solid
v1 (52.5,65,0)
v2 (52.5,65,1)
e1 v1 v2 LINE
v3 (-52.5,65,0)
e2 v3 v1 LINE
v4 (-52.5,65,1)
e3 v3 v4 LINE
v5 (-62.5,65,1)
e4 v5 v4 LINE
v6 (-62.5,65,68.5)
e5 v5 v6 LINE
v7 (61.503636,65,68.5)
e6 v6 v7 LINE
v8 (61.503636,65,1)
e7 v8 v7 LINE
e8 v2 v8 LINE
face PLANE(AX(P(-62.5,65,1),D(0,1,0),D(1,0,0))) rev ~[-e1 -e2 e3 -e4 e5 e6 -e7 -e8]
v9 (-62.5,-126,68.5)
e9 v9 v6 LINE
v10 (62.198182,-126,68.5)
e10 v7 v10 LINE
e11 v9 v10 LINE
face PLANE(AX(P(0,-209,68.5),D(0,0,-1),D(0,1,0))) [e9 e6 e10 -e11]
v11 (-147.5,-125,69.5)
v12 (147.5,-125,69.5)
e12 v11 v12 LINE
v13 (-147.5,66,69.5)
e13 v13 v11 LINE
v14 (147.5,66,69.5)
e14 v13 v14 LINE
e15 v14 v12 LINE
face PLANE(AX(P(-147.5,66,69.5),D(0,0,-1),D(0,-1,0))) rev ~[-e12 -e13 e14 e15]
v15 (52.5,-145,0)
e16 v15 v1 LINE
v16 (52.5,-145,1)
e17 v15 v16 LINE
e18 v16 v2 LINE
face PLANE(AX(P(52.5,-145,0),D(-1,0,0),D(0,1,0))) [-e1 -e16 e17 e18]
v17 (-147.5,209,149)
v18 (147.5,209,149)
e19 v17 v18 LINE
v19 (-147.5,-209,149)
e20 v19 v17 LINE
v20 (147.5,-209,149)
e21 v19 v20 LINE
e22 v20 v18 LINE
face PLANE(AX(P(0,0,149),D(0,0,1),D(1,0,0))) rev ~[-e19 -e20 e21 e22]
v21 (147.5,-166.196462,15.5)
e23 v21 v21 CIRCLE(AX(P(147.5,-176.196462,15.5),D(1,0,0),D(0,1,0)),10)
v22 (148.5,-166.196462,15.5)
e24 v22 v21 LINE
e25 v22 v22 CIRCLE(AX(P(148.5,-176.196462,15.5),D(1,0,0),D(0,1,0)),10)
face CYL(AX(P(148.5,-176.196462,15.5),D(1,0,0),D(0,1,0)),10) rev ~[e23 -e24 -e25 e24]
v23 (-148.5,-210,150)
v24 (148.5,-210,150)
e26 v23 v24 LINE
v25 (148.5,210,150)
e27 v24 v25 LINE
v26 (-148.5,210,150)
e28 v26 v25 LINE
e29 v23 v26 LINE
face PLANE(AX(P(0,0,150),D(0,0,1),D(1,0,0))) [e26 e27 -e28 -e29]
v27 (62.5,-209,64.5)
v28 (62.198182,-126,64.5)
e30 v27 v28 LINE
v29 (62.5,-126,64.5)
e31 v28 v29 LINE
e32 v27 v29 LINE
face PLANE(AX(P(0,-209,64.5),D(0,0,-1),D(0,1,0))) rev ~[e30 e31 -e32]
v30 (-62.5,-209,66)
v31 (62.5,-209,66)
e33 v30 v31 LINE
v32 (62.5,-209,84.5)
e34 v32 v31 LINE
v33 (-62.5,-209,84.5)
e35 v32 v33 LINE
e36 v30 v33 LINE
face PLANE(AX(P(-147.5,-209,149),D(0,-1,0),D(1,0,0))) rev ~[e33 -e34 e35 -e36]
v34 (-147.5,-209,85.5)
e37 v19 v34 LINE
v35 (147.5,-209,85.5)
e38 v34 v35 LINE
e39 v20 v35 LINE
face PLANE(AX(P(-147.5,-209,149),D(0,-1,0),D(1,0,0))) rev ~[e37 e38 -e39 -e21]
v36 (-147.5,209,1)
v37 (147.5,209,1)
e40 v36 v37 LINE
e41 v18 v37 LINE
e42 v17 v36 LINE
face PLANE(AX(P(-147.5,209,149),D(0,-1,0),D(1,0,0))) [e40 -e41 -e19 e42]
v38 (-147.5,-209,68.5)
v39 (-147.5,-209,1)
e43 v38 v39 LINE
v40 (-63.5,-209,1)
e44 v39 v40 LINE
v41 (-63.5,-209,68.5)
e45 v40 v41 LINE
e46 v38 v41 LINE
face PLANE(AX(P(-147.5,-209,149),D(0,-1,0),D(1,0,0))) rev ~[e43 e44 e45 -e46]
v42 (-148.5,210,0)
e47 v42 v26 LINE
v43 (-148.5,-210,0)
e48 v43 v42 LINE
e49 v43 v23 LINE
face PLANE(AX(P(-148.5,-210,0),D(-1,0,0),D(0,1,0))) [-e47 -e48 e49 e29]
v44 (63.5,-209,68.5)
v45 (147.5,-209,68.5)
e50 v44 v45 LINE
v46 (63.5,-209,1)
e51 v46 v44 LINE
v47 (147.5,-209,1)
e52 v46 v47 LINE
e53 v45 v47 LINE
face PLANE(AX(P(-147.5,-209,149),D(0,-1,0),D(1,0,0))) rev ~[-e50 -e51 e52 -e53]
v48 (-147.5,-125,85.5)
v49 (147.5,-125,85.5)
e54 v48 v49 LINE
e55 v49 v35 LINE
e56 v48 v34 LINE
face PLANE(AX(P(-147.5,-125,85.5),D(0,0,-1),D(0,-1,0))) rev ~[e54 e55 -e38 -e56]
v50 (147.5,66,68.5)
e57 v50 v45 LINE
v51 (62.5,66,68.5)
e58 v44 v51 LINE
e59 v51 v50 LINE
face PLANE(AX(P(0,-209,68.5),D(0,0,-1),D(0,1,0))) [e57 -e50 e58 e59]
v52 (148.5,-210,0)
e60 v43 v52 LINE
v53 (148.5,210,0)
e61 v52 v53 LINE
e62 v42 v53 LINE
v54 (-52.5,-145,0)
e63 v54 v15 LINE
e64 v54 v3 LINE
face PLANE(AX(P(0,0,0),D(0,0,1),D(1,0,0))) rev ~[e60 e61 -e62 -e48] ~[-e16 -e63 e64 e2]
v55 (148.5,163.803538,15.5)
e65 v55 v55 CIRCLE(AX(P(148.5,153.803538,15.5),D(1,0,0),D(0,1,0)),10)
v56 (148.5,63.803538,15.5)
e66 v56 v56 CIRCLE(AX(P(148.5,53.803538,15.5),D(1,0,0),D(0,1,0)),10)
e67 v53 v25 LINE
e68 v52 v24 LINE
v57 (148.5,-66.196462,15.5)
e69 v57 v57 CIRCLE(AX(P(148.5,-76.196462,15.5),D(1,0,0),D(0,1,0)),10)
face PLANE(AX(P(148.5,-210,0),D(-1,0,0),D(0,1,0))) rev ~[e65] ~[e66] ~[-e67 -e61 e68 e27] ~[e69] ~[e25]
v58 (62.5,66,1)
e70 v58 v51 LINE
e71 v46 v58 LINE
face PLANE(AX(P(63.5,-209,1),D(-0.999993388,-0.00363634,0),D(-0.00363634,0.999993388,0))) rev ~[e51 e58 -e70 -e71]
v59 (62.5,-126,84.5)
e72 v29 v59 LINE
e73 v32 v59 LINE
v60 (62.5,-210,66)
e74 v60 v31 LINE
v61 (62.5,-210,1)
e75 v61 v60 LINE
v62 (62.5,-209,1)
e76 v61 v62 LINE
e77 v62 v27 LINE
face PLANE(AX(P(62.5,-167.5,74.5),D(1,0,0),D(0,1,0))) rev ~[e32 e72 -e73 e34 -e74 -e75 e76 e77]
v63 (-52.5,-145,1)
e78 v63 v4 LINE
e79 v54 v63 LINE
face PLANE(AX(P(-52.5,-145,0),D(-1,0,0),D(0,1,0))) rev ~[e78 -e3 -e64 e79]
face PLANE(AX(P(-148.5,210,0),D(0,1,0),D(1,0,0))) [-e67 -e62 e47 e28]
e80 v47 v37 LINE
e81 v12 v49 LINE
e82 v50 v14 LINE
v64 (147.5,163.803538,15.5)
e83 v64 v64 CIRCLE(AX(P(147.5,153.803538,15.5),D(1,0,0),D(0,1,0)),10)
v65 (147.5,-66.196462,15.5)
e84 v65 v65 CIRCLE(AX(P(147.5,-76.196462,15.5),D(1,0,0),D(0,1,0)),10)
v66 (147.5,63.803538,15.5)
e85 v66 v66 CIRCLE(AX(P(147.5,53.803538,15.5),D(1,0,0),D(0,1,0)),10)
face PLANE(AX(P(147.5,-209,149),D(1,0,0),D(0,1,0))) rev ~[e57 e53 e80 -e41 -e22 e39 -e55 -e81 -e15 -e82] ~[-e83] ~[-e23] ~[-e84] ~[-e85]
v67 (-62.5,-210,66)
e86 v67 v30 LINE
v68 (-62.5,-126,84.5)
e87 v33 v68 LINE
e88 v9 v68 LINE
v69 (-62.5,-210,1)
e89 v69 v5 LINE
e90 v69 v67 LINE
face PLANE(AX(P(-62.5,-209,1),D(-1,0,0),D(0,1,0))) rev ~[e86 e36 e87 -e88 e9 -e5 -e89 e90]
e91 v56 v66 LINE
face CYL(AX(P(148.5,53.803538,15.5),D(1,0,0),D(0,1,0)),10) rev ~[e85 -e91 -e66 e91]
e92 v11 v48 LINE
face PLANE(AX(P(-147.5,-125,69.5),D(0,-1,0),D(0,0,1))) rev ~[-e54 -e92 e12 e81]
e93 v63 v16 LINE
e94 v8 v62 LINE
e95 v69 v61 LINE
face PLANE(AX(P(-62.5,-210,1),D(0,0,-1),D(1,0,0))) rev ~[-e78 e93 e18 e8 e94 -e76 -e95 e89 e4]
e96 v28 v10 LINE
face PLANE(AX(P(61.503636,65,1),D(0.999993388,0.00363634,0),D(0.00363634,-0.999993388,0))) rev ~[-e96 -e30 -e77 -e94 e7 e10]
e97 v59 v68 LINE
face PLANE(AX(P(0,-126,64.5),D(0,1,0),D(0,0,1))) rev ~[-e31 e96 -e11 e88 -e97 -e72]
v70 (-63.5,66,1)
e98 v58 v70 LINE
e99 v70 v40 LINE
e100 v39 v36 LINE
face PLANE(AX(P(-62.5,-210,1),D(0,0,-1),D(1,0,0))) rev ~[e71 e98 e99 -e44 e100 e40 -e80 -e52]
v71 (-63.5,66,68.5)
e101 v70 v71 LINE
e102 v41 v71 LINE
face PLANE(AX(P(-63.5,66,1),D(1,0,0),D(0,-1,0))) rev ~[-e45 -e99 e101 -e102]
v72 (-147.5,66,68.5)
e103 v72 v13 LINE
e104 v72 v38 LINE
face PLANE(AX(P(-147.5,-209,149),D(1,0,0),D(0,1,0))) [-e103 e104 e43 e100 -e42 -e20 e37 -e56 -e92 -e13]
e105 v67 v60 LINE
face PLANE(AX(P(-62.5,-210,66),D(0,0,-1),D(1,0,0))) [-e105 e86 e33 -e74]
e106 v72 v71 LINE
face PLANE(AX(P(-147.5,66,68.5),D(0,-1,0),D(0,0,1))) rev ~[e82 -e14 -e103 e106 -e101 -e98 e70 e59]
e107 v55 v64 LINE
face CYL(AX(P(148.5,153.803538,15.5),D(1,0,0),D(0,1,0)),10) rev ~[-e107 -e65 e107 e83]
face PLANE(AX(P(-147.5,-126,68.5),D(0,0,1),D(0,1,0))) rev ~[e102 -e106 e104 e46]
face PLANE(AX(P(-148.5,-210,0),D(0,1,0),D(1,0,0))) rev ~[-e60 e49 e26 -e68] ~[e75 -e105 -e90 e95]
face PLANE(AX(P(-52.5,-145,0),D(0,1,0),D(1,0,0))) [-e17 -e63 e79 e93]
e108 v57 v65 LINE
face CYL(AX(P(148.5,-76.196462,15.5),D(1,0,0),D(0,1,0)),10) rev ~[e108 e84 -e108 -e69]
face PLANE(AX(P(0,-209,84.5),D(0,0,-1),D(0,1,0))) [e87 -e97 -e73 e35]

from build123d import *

# Parameters (mm, degrees)
F0_W      = 297
F0_H      = 420
F1_DEPTH  = 150
F3_START  = -1
F2_W      = 295
F2_H      = 418
F3_DEPTH  = 148
F4_W      = 125
F4_H      = 65
F5_DEPTH  = 25
F6_W      = 105
F6_H      = 210
F7_DEPTH  = 25
F9_DEPTH  = 67.5
F11_DEPTH = 295
F12_W     = 83
F12_H     = 1
F13_DEPTH = 148.5
F15_W     = 83
F15_H     = 15.0031849133
F16_DEPTH = 295
F14_W     = 83
F14_H     = 20
F17_DEPTH = 62.5
F18_R     = 10
F19_DEPTH = 7.5


with BuildPart() as f1:
    # F0 (on Top) → F1 (new body)
    with BuildSketch(Plane.XY):
        Rectangle(F0_W, F0_H)
    extrude(amount=F1_DEPTH)

    # F2 (on face) → F3 (cut)
    with BuildSketch(Plane.XY.offset(150).offset(F3_START)):
        Rectangle(F2_W, F2_H)
    extrude(amount=-F3_DEPTH, mode=Mode.SUBTRACT)

    # F4 (on face) → F5 (cut)
    with BuildSketch(Plane.XZ.offset(210)):
        with Locations((0, 33.5)):
            Rectangle(F4_W, F4_H)
    extrude(amount=-F5_DEPTH, mode=Mode.SUBTRACT)

    # F6 (on Top) → F7 (cut)
    with BuildSketch(Plane.XY):
        with Locations((0, -40)):
            Rectangle(F6_W, F6_H)
    extrude(amount=F7_DEPTH, mode=Mode.SUBTRACT)

    # F8 (on face) → F9 (join)
    with BuildSketch(Plane.XY.offset(1)):
        Polygon((-63.5, -209), (-62.5, -209), (-62.5, 65), (61.5036363636, 65), (62.5, -209), (63.5, -209), (62.5, 66), (-63.5, 66), align=None)
    extrude(amount=F9_DEPTH)

    # F10 (on face) → F11 (join, through all)
    with BuildSketch(Plane.YZ.offset(-147.5)):
        Polygon((-126, 68.5), (66, 68.5), (66, 69.5), (-125, 69.5), (-125, 85.5), (-209, 85.5), (-209.0797476204, 84.5031849133), (-126, 84.5031849133), align=None)
    extrude(amount=F11_DEPTH)

    # F12 (on Right) → F13 (join, symmetric)
    with BuildSketch(Plane.YZ):
        with Locations((-167.5, 69)):
            Rectangle(F12_W, F12_H)
    extrude(amount=F13_DEPTH, both=True)

    # F15 (on face) → F16 (join, through all)
    with BuildSketch(Plane.YZ.offset(-147.5)):
        with Locations((-167.5, 77.0015924567)):
            Rectangle(F15_W, F15_H)
    extrude(amount=F16_DEPTH)

    # F14 (on Right) → F17 (cut, symmetric)
    with BuildSketch(Plane.YZ):
        with Locations((-167.5, 74.5)):
            Rectangle(F14_W, F14_H)
    extrude(amount=F17_DEPTH, both=True, mode=Mode.SUBTRACT)

    # F18 (on face) → F19 (cut)
    with BuildSketch(Plane.YZ.offset(148.5)):
        with Locations((-176.1964619943, 15.5)):
            Circle(F18_R)
        with Locations((-76.1964619943, 15.5)):
            Circle(F18_R)
        with Locations((53.8035380057, 15.5)):
            Circle(F18_R)
        with Locations((153.8035380057, 15.5)):
            Circle(F18_R)
    extrude(amount=-F19_DEPTH, mode=Mode.SUBTRACT)


solid = f1.part
